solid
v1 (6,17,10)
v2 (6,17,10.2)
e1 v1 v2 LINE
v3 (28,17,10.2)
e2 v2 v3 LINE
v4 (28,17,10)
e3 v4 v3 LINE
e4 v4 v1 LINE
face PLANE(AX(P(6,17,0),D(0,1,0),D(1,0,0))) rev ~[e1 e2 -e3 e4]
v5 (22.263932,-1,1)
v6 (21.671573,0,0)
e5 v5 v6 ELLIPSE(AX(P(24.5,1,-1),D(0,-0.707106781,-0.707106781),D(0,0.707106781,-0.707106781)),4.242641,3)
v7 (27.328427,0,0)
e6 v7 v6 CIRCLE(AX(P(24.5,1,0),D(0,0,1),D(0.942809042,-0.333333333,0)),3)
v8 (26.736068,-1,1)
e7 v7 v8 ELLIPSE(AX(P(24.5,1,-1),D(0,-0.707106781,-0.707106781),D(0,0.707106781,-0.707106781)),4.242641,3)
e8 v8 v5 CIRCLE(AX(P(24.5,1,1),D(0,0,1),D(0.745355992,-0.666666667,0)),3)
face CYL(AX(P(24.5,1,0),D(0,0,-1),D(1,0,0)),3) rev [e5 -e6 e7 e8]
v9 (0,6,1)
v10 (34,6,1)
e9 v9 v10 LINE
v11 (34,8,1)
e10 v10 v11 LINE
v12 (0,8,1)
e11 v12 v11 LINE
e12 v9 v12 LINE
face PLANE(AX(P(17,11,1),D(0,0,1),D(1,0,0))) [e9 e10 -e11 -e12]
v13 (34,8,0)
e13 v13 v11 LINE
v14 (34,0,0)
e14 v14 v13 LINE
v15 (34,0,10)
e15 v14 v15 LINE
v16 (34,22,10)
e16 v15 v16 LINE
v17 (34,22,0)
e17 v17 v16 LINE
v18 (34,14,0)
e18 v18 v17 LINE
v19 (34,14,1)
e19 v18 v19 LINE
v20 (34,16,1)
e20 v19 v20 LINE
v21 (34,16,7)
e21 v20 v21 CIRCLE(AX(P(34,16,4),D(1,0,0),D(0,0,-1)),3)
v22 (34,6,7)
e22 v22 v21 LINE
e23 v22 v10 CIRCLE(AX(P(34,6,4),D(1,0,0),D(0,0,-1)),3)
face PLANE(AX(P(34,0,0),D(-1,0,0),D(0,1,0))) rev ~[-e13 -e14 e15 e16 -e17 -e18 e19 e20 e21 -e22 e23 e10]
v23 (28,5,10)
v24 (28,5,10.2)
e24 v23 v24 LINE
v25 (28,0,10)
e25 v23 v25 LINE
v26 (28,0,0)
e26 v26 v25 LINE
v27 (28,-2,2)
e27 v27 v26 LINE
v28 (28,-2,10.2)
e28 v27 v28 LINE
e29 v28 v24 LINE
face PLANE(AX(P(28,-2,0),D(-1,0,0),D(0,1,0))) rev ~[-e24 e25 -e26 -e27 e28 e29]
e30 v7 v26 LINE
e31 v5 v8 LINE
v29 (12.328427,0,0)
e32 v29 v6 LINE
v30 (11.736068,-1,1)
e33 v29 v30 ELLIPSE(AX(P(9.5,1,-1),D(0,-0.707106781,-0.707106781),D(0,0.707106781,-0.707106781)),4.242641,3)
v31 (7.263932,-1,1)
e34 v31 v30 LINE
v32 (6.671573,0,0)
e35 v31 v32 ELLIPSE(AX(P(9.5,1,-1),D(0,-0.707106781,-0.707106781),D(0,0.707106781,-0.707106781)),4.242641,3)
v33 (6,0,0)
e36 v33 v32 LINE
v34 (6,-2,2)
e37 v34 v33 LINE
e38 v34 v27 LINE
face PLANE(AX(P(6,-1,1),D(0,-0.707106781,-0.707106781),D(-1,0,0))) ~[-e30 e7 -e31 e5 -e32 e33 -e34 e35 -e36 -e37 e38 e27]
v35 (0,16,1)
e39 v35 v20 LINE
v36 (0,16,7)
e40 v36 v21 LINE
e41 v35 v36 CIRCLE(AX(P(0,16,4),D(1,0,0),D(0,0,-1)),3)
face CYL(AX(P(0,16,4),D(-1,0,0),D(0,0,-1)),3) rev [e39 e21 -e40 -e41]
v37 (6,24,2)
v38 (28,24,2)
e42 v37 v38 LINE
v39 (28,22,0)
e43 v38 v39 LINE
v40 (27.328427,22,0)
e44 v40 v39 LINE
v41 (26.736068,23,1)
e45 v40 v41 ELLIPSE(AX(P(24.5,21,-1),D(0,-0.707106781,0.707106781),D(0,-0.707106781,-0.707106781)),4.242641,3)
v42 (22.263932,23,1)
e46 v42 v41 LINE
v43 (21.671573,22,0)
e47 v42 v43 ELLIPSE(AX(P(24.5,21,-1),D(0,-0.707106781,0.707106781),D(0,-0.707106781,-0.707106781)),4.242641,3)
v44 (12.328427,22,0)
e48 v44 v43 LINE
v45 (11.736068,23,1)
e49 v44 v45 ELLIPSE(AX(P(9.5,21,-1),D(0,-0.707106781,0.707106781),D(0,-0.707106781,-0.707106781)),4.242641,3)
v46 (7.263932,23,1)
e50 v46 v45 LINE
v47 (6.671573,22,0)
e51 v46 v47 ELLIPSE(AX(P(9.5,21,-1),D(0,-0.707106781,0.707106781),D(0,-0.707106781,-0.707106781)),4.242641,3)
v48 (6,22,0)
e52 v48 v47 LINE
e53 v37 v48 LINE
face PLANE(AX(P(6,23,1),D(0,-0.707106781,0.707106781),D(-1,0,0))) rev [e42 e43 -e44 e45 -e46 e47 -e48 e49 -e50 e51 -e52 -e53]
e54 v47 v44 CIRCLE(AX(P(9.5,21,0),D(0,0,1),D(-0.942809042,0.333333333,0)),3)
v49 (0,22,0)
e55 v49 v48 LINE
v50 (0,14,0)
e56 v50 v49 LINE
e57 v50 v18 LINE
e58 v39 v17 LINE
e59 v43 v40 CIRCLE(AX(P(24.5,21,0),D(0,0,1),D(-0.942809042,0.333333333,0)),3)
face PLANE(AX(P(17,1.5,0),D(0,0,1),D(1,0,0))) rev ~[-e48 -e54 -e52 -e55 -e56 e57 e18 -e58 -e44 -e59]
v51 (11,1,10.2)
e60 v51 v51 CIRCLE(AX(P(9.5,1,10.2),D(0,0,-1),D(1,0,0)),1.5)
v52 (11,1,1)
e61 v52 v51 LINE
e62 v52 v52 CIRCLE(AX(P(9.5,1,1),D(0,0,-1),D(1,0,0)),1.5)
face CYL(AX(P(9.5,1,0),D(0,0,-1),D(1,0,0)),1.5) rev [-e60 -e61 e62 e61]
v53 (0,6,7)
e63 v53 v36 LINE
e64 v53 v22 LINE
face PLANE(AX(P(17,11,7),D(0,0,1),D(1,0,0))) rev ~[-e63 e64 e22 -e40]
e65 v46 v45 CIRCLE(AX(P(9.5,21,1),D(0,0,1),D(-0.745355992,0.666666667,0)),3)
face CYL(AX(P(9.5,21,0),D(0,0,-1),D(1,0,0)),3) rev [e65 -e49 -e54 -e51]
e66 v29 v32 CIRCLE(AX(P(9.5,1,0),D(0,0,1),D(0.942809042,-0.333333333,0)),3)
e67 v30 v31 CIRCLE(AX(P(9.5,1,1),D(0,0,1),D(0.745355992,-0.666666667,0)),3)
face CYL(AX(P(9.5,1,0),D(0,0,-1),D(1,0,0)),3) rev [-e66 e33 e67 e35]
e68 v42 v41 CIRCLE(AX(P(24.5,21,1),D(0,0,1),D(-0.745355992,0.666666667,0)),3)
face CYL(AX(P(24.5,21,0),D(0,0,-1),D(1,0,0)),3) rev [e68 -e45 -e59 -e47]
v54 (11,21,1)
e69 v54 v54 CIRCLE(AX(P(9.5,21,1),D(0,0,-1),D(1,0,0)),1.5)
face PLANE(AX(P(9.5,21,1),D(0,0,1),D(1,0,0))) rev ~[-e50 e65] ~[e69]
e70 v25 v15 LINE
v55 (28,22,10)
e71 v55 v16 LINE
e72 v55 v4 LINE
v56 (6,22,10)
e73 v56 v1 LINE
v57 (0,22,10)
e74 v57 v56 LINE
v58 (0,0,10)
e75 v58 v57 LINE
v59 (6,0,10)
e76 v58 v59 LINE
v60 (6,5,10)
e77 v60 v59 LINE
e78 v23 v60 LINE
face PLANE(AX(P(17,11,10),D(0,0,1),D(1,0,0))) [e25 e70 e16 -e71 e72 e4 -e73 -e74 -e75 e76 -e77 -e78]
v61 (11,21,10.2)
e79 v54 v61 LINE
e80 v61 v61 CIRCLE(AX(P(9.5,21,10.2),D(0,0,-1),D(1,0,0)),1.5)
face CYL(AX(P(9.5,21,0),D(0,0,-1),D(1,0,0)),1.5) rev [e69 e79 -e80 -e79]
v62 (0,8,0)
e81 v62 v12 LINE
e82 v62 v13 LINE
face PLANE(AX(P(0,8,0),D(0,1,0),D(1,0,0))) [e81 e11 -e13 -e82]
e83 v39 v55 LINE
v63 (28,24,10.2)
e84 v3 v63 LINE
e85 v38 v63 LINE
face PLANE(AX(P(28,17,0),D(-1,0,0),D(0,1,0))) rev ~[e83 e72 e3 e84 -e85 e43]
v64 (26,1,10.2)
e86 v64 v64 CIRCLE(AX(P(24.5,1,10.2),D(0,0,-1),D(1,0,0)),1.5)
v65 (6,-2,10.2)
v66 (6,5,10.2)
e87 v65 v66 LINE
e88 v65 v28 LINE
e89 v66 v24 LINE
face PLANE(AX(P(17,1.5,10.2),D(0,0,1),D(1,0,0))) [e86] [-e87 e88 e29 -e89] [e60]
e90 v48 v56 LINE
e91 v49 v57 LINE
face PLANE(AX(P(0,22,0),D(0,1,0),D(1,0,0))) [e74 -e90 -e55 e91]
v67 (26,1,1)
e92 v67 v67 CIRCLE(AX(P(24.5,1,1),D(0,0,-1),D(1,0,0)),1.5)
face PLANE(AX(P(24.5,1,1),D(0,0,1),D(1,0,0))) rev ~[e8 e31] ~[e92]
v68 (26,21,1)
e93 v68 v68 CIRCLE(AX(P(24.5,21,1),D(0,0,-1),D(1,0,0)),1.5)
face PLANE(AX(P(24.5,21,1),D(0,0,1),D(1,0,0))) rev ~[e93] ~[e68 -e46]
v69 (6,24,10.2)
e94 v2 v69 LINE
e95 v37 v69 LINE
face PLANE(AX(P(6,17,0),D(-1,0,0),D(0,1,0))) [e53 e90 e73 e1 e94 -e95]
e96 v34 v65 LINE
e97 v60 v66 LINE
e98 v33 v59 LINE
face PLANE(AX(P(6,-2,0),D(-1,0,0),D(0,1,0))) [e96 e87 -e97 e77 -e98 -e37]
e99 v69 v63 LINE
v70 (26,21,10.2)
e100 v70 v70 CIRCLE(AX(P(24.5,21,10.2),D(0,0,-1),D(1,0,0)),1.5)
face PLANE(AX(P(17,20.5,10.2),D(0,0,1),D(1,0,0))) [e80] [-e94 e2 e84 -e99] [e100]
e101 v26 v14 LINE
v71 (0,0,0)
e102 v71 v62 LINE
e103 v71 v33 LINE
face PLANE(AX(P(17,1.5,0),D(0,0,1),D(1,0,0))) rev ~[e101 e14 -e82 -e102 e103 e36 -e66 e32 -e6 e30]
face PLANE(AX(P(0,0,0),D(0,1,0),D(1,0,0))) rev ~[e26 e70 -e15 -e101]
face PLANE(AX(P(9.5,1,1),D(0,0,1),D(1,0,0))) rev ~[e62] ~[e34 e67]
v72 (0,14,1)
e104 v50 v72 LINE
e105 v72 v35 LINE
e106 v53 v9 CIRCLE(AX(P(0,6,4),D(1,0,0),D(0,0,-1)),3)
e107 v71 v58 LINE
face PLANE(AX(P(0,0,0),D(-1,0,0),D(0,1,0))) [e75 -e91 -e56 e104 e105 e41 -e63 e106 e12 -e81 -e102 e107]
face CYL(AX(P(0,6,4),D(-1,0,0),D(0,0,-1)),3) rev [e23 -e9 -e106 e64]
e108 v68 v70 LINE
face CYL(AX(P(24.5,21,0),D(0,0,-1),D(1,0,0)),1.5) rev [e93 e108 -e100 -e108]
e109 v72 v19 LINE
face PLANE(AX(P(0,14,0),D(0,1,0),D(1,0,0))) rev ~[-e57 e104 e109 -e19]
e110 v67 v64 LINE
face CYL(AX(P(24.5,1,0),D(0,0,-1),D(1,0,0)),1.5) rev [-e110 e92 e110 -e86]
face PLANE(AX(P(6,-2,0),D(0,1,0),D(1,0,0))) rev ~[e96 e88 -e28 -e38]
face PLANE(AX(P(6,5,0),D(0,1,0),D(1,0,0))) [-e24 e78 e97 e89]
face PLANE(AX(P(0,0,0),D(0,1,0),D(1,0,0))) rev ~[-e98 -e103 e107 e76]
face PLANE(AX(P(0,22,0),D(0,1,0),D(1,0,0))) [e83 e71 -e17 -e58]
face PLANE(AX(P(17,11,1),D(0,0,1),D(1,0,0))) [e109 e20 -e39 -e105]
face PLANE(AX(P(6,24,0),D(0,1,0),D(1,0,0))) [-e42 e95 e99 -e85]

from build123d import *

# Parameters (mm, degrees)
BOX003_W                = 34
BOX003_H                = 10
BOX003_DEPTH            = 6
CYLINDER006_R           = 3
CYLINDER006_DEPTH       = 34
CYLINDER006_PITCH_ANGLE = 90
BOX004_W                = 34
BOX004_H                = 6
BOX004_DEPTH            = 1
CYLINDER005_R           = 3
CYLINDER005_DEPTH       = 34
CYLINDER005_PITCH_ANGLE = 90
CYLINDER008_R           = 3
CYLINDER008_DEPTH       = 1
CYLINDER004_R           = 1.5
CYLINDER004_DEPTH       = 11
CYLINDER009_R           = 3
CYLINDER009_DEPTH       = 1
CYLINDER003_R           = 1.5
CYLINDER003_DEPTH       = 11
CYLINDER010_R           = 3
CYLINDER010_DEPTH       = 1
CYLINDER002_R           = 1.5
CYLINDER002_DEPTH       = 11
CYLINDER007_R           = 3
CYLINDER007_DEPTH       = 1
CYLINDER001_R           = 1.5
CYLINDER001_DEPTH       = 11
BOX001_W                = 22
BOX001_H                = 7
BOX001_DEPTH            = 10.2
CHAMFER_SIZE            = 2
BOX002_W                = 22
BOX002_H                = 7
BOX002_DEPTH            = 10.2
CHAMFER001_SIZE         = 2
BOX_W                   = 34
BOX_H                   = 22
BOX_DEPTH               = 10


with BuildPart() as cube003:
    # Box003 → Box003 (new body)
    with BuildSketch(Plane(origin=(0, 6, 1), x_dir=(1, 0, 0), z_dir=(0, 0, 1))):
        with Locations((17, 5)):
            Rectangle(BOX003_W, BOX003_H)
    extrude(amount=BOX003_DEPTH)


with BuildPart() as cylinder006:
    # Cylinder006 → Cylinder006 (new body)
    with BuildSketch(Plane.XY):
        Circle(CYLINDER006_R)
    extrude(amount=CYLINDER006_DEPTH)


with BuildPart() as cylinder006_1:
    # Cylinder006 pitch: moved
    add(cylinder006.part.rotate(Axis((0, 0, 0), (0, 1, 0)), CYLINDER006_PITCH_ANGLE))


with BuildPart() as cylinder006_2:
    # Cylinder006 placement: moved
    add(cylinder006_1.part.moved(Location((0, 16, 4))))


with BuildPart() as cube004:
    # Box004 → Box004 (new body)
    with BuildSketch(Plane(origin=(0, 8, 0), x_dir=(1, 0, 0), z_dir=(0, 0, 1))):
        with Locations((17, 3)):
            Rectangle(BOX004_W, BOX004_H)
    extrude(amount=BOX004_DEPTH)


with BuildPart() as fusion005:
    # Cylinder005 → Cylinder005 (new body)
    with BuildSketch(Plane.XY):
        Circle(CYLINDER005_R)
    extrude(amount=CYLINDER005_DEPTH)


with BuildPart() as fusion005_1:
    # Cylinder005 pitch: moved
    add(fusion005.part.rotate(Axis((0, 0, 0), (0, 1, 0)), CYLINDER005_PITCH_ANGLE))


with BuildPart() as fusion005_2:
    # Cylinder005 placement: moved
    add(fusion005_1.part.moved(Location((0, 6, 4))))

    # Fusion005: union Cube003, Cylinder006, Cube004
    add(cube003.part)
    add(cylinder006_2.part)
    add(cube004.part)


with BuildPart() as cylinder008:
    # Cylinder008 → Cylinder008 (new body)
    with BuildSketch(Plane(origin=(25, 1.5, 0), x_dir=(1, 0, 0), z_dir=(0, 0, 1))):
        Circle(CYLINDER008_R)
    extrude(amount=CYLINDER008_DEPTH)


with BuildPart() as fusion004:
    # Cylinder004 → Cylinder004 (new body)
    with BuildSketch(Plane(origin=(25, 1.5, 0), x_dir=(1, 0, 0), z_dir=(0, 0, 1))):
        Circle(CYLINDER004_R)
    extrude(amount=CYLINDER004_DEPTH)

    # Fusion004: union Cylinder008
    add(cylinder008.part)


with BuildPart() as fusion004_1:
    # Fusion004 placement: moved
    add(fusion004.part.moved(Location((-0.5, -0.5, 0))))


with BuildPart() as cylinder009:
    # Cylinder009 → Cylinder009 (new body)
    with BuildSketch(Plane(origin=(9, 20.5, 0), x_dir=(1, 0, 0), z_dir=(0, 0, 1))):
        Circle(CYLINDER009_R)
    extrude(amount=CYLINDER009_DEPTH)


with BuildPart() as fusion003:
    # Cylinder003 → Cylinder003 (new body)
    with BuildSketch(Plane(origin=(9, 20.5, 0), x_dir=(1, 0, 0), z_dir=(0, 0, 1))):
        Circle(CYLINDER003_R)
    extrude(amount=CYLINDER003_DEPTH)

    # Fusion003: union Cylinder009
    add(cylinder009.part)


with BuildPart() as fusion003_1:
    # Fusion003 placement: moved
    add(fusion003.part.moved(Location((0.5, 0.5, 0))))


with BuildPart() as cylinder010:
    # Cylinder010 → Cylinder010 (new body)
    with BuildSketch(Plane(origin=(25, 20.5, 0), x_dir=(1, 0, 0), z_dir=(0, 0, 1))):
        Circle(CYLINDER010_R)
    extrude(amount=CYLINDER010_DEPTH)


with BuildPart() as fusion002:
    # Cylinder002 → Cylinder002 (new body)
    with BuildSketch(Plane(origin=(25, 20.5, 0), x_dir=(1, 0, 0), z_dir=(0, 0, 1))):
        Circle(CYLINDER002_R)
    extrude(amount=CYLINDER002_DEPTH)

    # Fusion002: union Cylinder010
    add(cylinder010.part)


with BuildPart() as fusion002_1:
    # Fusion002 placement: moved
    add(fusion002.part.moved(Location((-0.5, 0.5, 0))))


with BuildPart() as cylinder007:
    # Cylinder007 → Cylinder007 (new body)
    with BuildSketch(Plane(origin=(9, 1.5, 0), x_dir=(1, 0, 0), z_dir=(0, 0, 1))):
        Circle(CYLINDER007_R)
    extrude(amount=CYLINDER007_DEPTH)


with BuildPart() as fusion001:
    # Cylinder001 → Cylinder001 (new body)
    with BuildSketch(Plane(origin=(9, 1.5, 0), x_dir=(1, 0, 0), z_dir=(0, 0, 1))):
        Circle(CYLINDER001_R)
    extrude(amount=CYLINDER001_DEPTH)

    # Fusion001: union Cylinder007
    add(cylinder007.part)


with BuildPart() as fusion001_1:
    # Fusion001 placement: moved
    add(fusion001.part.moved(Location((0.5, -0.5, 0))))


with BuildPart() as chamfer_body:
    # Box001 → Box001 (new body)
    with BuildSketch(Plane(origin=(6, -2, 0), x_dir=(1, 0, 0), z_dir=(0, 0, 1))):
        with Locations((11, 3.5)):
            Rectangle(BOX001_W, BOX001_H)
    extrude(amount=BOX001_DEPTH)

    # Chamfer
    chamfer_edges = [chamfer_body.edges().sort_by_distance(p)[0] for p in [
        (17, -2, 0),
    ]]
    chamfer(chamfer_edges, length=CHAMFER_SIZE)


with BuildPart() as chamfer001:
    # Box002 → Box002 (new body)
    with BuildSketch(Plane(origin=(6, 17, 0), x_dir=(1, 0, 0), z_dir=(0, 0, 1))):
        with Locations((11, 3.5)):
            Rectangle(BOX002_W, BOX002_H)
    extrude(amount=BOX002_DEPTH)

    # Chamfer001
    chamfer001_edges = [chamfer001.edges().sort_by_distance(p)[0] for p in [
        (17, 24, 0),
    ]]
    chamfer(chamfer001_edges, length=CHAMFER001_SIZE)


with BuildPart() as do_not_print_igus_slider:
    # Box → Box (new body)
    with BuildSketch(Plane.XY):
        with Locations((17, 11)):
            Rectangle(BOX_W, BOX_H)
    extrude(amount=BOX_DEPTH)

    # Fusion: union Chamfer body, Chamfer001
    add(chamfer_body.part)
    add(chamfer001.part)

    # Cut: cut Fusion001
    add(fusion001_1.part, mode=Mode.SUBTRACT)

    # Cut001: cut Fusion002
    add(fusion002_1.part, mode=Mode.SUBTRACT)

    # Cut002: cut Fusion003
    add(fusion003_1.part, mode=Mode.SUBTRACT)

    # Cut003: cut Fusion004
    add(fusion004_1.part, mode=Mode.SUBTRACT)

    # Cut004: cut Fusion005
    add(fusion005_2.part, mode=Mode.SUBTRACT)


solid = do_not_print_igus_slider.part
